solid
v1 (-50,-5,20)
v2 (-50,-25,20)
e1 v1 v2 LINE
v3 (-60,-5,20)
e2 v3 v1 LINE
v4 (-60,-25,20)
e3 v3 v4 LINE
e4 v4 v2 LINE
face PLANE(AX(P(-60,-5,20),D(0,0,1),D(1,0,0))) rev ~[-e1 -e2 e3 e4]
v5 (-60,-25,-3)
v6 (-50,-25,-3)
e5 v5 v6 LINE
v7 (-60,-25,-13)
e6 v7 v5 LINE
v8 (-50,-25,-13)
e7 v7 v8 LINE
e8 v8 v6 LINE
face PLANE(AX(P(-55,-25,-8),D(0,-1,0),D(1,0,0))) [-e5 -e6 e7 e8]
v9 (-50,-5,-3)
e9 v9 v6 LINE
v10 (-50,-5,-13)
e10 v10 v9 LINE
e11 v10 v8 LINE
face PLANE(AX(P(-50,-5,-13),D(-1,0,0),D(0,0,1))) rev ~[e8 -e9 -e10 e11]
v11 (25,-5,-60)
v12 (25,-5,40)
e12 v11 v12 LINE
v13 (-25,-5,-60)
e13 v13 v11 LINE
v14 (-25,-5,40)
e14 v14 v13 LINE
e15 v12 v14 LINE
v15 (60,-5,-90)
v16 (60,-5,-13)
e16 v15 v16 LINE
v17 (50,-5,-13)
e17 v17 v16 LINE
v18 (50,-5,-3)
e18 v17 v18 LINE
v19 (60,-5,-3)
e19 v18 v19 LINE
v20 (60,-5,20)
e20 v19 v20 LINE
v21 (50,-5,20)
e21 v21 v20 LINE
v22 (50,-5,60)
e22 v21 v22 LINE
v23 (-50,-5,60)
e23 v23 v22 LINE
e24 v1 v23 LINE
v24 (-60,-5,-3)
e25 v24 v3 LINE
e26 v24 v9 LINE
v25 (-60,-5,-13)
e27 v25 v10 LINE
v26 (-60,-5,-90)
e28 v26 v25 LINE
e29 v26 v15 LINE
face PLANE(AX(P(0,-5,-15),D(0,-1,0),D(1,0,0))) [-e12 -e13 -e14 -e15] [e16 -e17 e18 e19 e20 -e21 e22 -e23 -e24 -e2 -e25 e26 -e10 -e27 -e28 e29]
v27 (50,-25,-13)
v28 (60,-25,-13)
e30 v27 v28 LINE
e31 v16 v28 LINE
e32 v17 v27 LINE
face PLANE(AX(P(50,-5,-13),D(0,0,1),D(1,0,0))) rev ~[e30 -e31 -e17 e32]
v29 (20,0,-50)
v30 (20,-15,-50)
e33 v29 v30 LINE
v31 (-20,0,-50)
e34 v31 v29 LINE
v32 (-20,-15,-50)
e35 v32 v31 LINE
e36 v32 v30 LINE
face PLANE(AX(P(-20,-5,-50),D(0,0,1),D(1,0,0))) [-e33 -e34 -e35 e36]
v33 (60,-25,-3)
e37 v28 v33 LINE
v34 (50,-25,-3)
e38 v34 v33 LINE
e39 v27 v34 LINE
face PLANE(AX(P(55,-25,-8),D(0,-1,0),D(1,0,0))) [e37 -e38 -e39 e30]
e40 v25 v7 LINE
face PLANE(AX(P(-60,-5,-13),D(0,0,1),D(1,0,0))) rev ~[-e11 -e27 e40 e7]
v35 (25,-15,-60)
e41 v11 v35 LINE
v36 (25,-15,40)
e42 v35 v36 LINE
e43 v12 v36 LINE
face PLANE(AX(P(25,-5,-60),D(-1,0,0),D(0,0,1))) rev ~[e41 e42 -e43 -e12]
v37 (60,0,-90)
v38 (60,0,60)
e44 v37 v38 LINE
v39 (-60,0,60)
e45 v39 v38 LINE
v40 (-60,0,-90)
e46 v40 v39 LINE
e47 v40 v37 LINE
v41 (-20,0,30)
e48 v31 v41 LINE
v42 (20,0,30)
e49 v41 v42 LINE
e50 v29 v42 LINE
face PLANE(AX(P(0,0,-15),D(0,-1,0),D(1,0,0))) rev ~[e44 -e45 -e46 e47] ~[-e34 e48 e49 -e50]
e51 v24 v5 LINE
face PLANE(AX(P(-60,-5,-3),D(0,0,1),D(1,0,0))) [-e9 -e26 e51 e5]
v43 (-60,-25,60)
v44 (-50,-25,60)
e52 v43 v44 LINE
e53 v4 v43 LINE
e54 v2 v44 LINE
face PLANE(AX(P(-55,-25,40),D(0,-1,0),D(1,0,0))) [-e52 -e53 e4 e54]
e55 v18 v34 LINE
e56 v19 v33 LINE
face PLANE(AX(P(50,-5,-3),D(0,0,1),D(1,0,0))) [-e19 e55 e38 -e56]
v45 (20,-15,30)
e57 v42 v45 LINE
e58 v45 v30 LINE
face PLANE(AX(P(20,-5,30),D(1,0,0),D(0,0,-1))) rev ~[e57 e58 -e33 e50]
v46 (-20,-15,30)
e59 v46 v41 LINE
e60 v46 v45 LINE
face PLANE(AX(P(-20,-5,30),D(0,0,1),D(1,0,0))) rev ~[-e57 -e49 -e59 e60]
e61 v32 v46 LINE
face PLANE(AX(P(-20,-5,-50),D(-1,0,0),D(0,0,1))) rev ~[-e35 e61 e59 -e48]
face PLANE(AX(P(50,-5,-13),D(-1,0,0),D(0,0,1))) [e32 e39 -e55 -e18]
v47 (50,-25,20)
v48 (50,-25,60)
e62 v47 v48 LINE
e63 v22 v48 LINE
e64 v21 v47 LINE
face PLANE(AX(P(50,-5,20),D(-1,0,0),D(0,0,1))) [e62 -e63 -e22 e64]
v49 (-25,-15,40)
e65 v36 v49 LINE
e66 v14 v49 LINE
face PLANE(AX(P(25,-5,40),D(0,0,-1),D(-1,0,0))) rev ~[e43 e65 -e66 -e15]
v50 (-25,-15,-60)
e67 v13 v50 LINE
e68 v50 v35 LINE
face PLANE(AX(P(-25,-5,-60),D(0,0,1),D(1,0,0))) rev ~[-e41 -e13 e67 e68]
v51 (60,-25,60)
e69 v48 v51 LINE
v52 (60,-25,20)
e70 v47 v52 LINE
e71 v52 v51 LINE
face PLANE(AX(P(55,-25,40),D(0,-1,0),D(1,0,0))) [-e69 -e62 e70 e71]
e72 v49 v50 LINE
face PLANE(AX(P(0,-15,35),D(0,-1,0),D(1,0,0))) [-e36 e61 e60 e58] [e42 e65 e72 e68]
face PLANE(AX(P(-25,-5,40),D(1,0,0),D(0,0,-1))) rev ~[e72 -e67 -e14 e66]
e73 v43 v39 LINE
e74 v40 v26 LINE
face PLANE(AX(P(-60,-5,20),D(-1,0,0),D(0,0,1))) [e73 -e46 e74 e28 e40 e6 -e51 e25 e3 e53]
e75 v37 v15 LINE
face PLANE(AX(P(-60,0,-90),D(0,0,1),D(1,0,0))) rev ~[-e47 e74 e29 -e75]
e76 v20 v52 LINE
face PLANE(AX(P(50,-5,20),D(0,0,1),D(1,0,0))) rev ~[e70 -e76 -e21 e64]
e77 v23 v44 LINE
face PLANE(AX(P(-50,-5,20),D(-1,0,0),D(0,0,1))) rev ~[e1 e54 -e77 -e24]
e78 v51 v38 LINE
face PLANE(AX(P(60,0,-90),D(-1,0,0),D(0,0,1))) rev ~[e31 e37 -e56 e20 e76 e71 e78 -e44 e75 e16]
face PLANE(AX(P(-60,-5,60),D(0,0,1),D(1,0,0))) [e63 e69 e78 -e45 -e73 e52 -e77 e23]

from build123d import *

# Parameters (mm, degrees)
F0_W     = 120
F0_H     = 150
F1_DEPTH = 5
F2_W     = 40
F2_H     = 80
F3_DEPTH = 5.001
F4_W     = 10
F4_H     = 40
F4_H_2   = 10
F5_DEPTH = 20
F6_W     = 40
F6_H     = 10
F7_DEPTH = 10


with BuildPart() as f1:
    # F0 (on Front) → F1 (new body)
    with BuildSketch(Plane.XZ):
        with Locations((0, -15)):
            Rectangle(F0_W, F0_H)
    extrude(amount=F1_DEPTH)

    # F2 (on face) → F3 (cut, through all)
    with BuildSketch(Plane.XZ.offset(5)):
        with Locations((0, -10)):
            Rectangle(F2_W, F2_H)
    extrude(amount=-F3_DEPTH, mode=Mode.SUBTRACT)

    # F4 (on face) → F5 (join)
    with BuildSketch(Plane.XZ.offset(5)):
        with Locations((-55, 40)):
            Rectangle(F4_W, F4_H)
        with Locations((-55, -8)):
            Rectangle(F4_W, F4_H_2)
        with Locations((55, 40)):
            Rectangle(F4_W, F4_H)
        with Locations((55, -8)):
            Rectangle(F4_W, F4_H_2)
    extrude(amount=F5_DEPTH)

    # F6 (on face) → F7 (join)
    with BuildSketch(Plane.XZ.offset(5)):
        with Locations((0, 35)):
            Rectangle(F6_W, F6_H)
        Polygon((-20, -50), (-20, 30), (-20, 40), (-25, 40), (-25, -60), (-20, -60), align=None)
        Polygon((20, 40), (20, 30), (20, -50), (20, -60), (25, -60), (25, 40), align=None)
        with Locations((0, -55)):
            Rectangle(F6_W, F6_H)
    extrude(amount=F7_DEPTH)


solid = f1.part
